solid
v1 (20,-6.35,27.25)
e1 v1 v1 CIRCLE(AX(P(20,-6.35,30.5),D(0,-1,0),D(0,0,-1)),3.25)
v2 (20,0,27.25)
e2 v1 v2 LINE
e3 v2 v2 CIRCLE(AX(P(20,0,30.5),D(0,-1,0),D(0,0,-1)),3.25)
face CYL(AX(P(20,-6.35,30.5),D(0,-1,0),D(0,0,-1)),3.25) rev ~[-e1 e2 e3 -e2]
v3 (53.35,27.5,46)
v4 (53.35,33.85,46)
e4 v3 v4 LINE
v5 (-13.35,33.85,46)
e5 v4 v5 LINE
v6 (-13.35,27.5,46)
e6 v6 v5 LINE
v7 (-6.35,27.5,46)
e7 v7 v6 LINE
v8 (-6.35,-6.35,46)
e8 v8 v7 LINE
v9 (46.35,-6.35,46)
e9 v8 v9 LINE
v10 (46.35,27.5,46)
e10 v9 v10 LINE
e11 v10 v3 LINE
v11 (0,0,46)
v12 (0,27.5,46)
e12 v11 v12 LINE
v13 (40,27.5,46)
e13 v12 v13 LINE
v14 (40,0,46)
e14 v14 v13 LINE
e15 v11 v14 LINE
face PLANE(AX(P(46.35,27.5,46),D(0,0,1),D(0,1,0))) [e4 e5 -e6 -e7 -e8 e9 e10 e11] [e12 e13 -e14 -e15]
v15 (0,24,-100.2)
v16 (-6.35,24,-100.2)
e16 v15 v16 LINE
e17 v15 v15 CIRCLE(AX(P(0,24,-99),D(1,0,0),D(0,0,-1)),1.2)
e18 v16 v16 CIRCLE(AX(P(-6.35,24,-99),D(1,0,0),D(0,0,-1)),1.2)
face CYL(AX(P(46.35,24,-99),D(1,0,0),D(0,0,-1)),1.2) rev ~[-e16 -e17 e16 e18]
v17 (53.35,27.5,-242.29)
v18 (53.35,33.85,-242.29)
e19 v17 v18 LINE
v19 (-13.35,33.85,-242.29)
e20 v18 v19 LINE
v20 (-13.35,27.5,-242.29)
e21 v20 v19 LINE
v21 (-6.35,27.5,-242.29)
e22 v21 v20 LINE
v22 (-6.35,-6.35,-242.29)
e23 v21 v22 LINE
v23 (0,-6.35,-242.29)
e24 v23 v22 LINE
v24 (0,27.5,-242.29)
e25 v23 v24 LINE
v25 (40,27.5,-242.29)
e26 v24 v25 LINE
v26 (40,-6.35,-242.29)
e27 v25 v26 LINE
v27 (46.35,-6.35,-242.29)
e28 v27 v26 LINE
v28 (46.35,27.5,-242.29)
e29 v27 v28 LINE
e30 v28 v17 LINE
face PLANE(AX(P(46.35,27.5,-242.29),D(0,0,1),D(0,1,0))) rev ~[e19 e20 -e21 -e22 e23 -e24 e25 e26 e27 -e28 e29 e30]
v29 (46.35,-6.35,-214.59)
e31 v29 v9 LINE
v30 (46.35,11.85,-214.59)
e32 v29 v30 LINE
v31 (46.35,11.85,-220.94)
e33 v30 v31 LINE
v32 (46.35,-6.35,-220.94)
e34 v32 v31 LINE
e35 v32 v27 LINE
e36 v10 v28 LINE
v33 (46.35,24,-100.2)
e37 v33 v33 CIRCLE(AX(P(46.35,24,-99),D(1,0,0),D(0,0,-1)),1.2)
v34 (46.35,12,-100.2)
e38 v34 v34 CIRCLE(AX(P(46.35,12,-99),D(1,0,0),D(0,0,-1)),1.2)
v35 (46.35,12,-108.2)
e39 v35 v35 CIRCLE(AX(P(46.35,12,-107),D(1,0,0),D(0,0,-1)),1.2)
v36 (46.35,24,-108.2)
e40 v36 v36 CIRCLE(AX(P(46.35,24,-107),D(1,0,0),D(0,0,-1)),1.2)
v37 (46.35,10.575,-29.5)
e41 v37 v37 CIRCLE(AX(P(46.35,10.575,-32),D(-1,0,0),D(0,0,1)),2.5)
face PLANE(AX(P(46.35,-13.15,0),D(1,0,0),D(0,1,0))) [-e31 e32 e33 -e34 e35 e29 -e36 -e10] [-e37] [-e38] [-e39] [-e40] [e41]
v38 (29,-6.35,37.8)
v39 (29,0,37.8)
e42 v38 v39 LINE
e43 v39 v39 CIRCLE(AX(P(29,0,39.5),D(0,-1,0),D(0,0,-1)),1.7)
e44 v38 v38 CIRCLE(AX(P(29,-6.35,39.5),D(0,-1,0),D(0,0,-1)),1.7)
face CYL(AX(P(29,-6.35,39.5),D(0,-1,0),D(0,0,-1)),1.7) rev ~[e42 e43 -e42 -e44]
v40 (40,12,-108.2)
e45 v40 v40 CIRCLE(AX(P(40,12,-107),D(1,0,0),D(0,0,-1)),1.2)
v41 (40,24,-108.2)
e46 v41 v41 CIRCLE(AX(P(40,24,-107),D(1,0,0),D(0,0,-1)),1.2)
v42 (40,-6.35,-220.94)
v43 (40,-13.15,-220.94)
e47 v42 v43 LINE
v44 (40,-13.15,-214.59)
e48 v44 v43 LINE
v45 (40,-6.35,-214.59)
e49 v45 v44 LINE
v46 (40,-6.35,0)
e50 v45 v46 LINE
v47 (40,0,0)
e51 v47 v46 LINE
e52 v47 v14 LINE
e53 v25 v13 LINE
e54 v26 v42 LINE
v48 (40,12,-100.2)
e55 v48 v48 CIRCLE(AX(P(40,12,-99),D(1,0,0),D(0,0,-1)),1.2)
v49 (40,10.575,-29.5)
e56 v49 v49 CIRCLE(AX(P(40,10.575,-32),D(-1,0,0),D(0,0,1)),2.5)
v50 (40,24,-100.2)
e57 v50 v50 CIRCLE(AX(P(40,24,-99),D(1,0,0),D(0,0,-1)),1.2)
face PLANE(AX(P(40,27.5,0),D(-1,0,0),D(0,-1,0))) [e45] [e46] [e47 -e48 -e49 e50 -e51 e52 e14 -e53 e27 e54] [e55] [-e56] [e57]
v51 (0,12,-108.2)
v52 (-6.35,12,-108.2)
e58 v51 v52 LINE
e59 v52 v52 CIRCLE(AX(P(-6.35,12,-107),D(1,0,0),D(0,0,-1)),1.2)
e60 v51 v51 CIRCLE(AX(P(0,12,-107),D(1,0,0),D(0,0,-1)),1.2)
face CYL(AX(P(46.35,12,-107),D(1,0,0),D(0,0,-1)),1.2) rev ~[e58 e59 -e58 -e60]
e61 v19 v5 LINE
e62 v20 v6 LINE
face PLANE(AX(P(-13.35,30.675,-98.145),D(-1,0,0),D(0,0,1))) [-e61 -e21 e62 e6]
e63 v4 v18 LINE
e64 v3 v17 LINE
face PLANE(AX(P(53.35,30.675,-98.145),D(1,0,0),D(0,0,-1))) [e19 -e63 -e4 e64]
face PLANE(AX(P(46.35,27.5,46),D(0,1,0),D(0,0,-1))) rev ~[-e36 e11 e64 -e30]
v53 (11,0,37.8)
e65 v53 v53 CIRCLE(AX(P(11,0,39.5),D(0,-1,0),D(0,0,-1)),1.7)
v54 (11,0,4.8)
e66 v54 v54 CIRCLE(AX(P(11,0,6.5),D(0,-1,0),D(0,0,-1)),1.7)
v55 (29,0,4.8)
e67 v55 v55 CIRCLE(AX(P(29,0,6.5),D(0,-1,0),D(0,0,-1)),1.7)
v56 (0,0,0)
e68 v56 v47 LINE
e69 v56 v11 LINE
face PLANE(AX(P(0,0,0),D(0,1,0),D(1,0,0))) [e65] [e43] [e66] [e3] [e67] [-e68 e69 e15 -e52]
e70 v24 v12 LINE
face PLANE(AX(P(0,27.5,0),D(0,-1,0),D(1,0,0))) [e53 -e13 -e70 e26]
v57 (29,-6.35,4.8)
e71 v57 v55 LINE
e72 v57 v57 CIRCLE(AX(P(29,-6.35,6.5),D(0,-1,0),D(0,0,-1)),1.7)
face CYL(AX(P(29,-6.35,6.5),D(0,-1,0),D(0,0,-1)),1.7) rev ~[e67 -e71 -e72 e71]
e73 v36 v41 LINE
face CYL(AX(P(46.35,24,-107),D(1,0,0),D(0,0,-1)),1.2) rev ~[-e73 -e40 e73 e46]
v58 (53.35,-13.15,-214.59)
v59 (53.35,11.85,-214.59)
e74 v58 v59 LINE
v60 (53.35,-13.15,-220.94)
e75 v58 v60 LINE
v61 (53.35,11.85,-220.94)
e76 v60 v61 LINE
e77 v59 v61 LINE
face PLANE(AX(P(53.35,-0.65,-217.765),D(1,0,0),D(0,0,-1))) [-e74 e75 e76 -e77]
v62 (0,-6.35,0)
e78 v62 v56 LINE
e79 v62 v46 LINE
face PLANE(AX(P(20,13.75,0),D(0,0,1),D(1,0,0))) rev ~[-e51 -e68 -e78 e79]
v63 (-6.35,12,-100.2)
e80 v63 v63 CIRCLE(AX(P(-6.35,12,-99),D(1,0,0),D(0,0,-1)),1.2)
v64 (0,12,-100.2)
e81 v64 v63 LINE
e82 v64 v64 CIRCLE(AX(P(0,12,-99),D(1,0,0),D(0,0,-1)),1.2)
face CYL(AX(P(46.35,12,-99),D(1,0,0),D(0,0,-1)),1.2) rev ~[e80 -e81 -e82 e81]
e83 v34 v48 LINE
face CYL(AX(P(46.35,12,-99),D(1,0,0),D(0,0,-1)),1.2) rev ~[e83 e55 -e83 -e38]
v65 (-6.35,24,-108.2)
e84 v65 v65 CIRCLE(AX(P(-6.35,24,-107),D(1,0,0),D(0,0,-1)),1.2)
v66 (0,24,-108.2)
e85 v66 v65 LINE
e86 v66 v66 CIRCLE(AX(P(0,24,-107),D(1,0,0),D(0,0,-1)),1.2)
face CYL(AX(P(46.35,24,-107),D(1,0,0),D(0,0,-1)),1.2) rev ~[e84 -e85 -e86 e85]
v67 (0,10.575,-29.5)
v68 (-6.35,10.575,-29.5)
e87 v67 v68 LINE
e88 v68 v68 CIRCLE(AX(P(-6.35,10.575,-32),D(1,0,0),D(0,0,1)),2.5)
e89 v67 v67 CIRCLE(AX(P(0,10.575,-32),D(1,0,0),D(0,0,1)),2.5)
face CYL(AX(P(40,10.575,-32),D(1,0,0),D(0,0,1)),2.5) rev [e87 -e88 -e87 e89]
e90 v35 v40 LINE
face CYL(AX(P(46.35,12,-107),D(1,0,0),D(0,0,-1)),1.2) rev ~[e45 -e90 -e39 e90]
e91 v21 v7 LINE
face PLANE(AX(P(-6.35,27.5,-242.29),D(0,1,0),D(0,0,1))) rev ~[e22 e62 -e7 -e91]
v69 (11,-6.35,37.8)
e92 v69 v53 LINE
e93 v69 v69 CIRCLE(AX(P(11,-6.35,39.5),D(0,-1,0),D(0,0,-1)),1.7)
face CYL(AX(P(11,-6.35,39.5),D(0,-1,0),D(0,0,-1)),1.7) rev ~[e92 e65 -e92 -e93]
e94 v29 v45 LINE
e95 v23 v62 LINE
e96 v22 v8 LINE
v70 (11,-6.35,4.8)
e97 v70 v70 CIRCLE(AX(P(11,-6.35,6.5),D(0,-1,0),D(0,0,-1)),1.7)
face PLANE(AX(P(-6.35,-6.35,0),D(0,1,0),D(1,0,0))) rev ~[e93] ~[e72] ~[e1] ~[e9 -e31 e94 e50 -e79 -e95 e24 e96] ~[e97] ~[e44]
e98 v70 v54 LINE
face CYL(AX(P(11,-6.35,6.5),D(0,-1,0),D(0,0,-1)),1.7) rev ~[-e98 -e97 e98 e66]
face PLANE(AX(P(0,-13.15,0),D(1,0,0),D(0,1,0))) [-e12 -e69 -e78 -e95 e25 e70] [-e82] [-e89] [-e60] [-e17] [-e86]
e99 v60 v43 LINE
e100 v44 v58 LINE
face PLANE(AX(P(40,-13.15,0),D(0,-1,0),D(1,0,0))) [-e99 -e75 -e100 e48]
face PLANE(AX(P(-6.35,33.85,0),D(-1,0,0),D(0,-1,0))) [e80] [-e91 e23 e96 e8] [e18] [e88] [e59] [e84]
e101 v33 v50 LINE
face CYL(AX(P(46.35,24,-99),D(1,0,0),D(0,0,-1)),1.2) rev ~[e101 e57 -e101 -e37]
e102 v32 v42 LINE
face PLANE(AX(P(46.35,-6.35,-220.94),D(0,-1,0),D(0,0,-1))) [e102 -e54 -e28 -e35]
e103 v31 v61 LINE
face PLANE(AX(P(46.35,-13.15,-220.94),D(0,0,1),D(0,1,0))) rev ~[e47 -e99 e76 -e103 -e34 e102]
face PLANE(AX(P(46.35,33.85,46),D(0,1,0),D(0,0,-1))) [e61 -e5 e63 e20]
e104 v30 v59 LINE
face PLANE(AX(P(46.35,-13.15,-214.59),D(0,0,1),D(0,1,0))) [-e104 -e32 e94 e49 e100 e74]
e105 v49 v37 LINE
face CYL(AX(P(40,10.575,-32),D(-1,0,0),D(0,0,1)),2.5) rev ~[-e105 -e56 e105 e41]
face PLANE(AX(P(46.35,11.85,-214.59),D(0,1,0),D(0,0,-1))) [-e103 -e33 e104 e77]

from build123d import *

# Parameters (mm, degrees)
SKETCH1_W                      = 52.7
SKETCH1_H                      = 40.2
SKETCH1_W_2                    = 40
SKETCH1_H_2                    = 27.5
BOSS_EXTRUDE1_DEPTH            = 46
SKETCH2_R                      = 1.7
SKETCH2_R_2                    = 3.25
CUT_EXTRUDE1_DEPTH             = 6.35
BOSS_EXTRUDE2_DEPTH            = 242.29
SKETCH4_W                      = 288.29
SKETCH4_H                      = 6.35
BOSS_EXTRUDE3_DEPTH            = 7
SKETCH6_W                      = 288.29
SKETCH6_H                      = 6.35
BOSS_EXTRUDE4_DEPTH            = 7
SKETCH7_W                      = 6.35
SKETCH7_H                      = 25
BOSS_EXTRUDE5_DEPTH            = 7
CUT_EXTRUDE2_REACH             = 297.989
SKETCH9_R                      = 2.5
CUT_EXTRUDE2_DIRECTION_2_REACH = 297.989
CUT_EXTRUDE3_REACH             = 253.822
SKETCH10_R                     = 1.2
SKETCH11_W                     = 21.35
SKETCH11_H                     = 6.8
SKETCH11_W_2                   = 214.59
CUT_EXTRUDE4_DEPTH             = 52.7
SKETCH12_W                     = 6.35
SKETCH12_H                     = 6.35
CUT_EXTRUDE5_DEPTH             = 6.8


with BuildPart() as part:
    # Sketch1 → Boss-Extrude1 (new body)
    with BuildSketch(Plane.XY):
        with Locations((20, 13.75)):
            Rectangle(SKETCH1_W, SKETCH1_H)
        with Locations((20, 13.75)):
            Rectangle(SKETCH1_W_2, SKETCH1_H_2, mode=Mode.SUBTRACT)
    extrude(amount=BOSS_EXTRUDE1_DEPTH)

    # Sketch2 → Cut-Extrude1 (cut)
    with BuildSketch(Plane.XZ.offset(6.35)):
        with Locations(Location((29, 39.5, 0), (0, 0, 270))):
            Circle(SKETCH2_R)
        with Locations(Location((11, 39.5, 0), (0, 0, 270))):
            Circle(SKETCH2_R)
        with Locations(Location((11, 6.5, 0), (0, 0, 270))):
            Circle(SKETCH2_R)
        with Locations(Location((29, 6.5, 0), (0, 0, 270))):
            Circle(SKETCH2_R)
        with Locations(Location((20, 30.5, 0), (0, 0, 270))):
            Circle(SKETCH2_R_2)
    extrude(amount=-CUT_EXTRUDE1_DEPTH, mode=Mode.SUBTRACT)

    # Sketch3 → Boss-Extrude2 (add)
    with BuildSketch(Plane(origin=(0, 0, 0), x_dir=(-1, 0, 0), z_dir=(0, 0, -1))):
        Polygon((6.35, 33.85), (6.35, -13.15), (0, -13.15), (0, 27.5), (-40, 27.5), (-40, -13.15), (-46.35, -13.15), (-46.35, 33.85), align=None)
    extrude(amount=BOSS_EXTRUDE2_DEPTH)

    # Sketch4 → Boss-Extrude3 (add)
    with BuildSketch(Plane.ZY.offset(6.35)):
        with Locations((-98.145, 30.675)):
            Rectangle(SKETCH4_W, SKETCH4_H)
    extrude(amount=BOSS_EXTRUDE3_DEPTH)

    # Sketch6 → Boss-Extrude4 (add)
    with BuildSketch(Plane(origin=(46.35, 0, 0), x_dir=(0, 0, -1), z_dir=(1, 0, 0))):
        with Locations((98.145, 30.675)):
            Rectangle(SKETCH6_W, SKETCH6_H)
    extrude(amount=BOSS_EXTRUDE4_DEPTH)

    # Sketch7 → Boss-Extrude5 (add)
    with BuildSketch(Plane(origin=(46.35, 0, 0), x_dir=(0, 0, -1), z_dir=(1, 0, 0))):
        with Locations((217.765, -0.65)):
            Rectangle(SKETCH7_W, SKETCH7_H)
    extrude(amount=BOSS_EXTRUDE5_DEPTH)

    # Cut-Extrude2: up to this face of the body (flat: up to its plane)
    cut_extrude2_end = Plane(part.part.faces().sort_by_distance((46.35, 7.756141986, -99.825781006))[0])
    # Sketch9 → Cut-Extrude2 (cut, up to the picked face)
    with BuildSketch(Plane(origin=(40, 27.5, -242.29), x_dir=(0, 0, 1), z_dir=(-1, 0, 0)), mode=Mode.PRIVATE) as cut_extrude2_sk1:
        with Locations((210.29, -16.925)):
            Circle(SKETCH9_R)
    cut_extrude2_tool1 = split(extrude(cut_extrude2_sk1.sketch, amount=-CUT_EXTRUDE2_REACH, mode=Mode.PRIVATE), bisect_by=cut_extrude2_end, keep=Keep.BOTH, mode=Mode.PRIVATE)
    add(cut_extrude2_tool1.solids().sort_by(Axis((40, 10.575, -32), (1, 0, 0)))[0], mode=Mode.SUBTRACT)

    # Cut-Extrude2 direction 2: up to this face of the body (flat: up to its plane)
    cut_extrude2_direction_2_end = Plane(part.part.faces().sort_by_distance((-6.35, 7.639146283, -101.467245288))[0])
    # Sketch9 → Cut-Extrude2 direction 2 (cut, up to the picked face)
    with BuildSketch(Plane(origin=(40, 27.5, -242.29), x_dir=(0, 0, 1), z_dir=(-1, 0, 0)), mode=Mode.PRIVATE) as cut_extrude2_direction_2_sk1:
        with Locations((210.29, -16.925)):
            Circle(SKETCH9_R)
    cut_extrude2_direction_2_tool1 = split(extrude(cut_extrude2_direction_2_sk1.sketch, amount=CUT_EXTRUDE2_DIRECTION_2_REACH, mode=Mode.PRIVATE), bisect_by=cut_extrude2_direction_2_end, keep=Keep.BOTH, mode=Mode.PRIVATE)
    add(cut_extrude2_direction_2_tool1.solids().sort_by(Axis((40, 10.575, -32), (-1, 0, 0)))[0], mode=Mode.SUBTRACT)

    # Cut-Extrude3: up to this face of the body (flat: up to its plane)
    cut_extrude3_end = Plane(part.part.faces().sort_by_distance((-6.35, 7.634083702, -101.587034491))[0])
    # Sketch10 → Cut-Extrude3 (cut, up to the picked face)
    with BuildSketch(Plane(origin=(46.35, 0, 0), x_dir=(0, 0, -1), z_dir=(1, 0, 0)), mode=Mode.PRIVATE) as cut_extrude3_sk1:
        with Locations((99, 24)):
            Circle(SKETCH10_R)
    cut_extrude3_tool1 = split(extrude(cut_extrude3_sk1.sketch, amount=-CUT_EXTRUDE3_REACH, mode=Mode.PRIVATE), bisect_by=cut_extrude3_end, keep=Keep.BOTH, mode=Mode.PRIVATE)
    # Sketch10 → Cut-Extrude3 (cut, up to the picked face)
    with BuildSketch(Plane(origin=(46.35, 0, 0), x_dir=(0, 0, -1), z_dir=(1, 0, 0)), mode=Mode.PRIVATE) as cut_extrude3_sk2:
        with Locations((99, 12)):
            Circle(SKETCH10_R)
    cut_extrude3_tool2 = split(extrude(cut_extrude3_sk2.sketch, amount=-CUT_EXTRUDE3_REACH, mode=Mode.PRIVATE), bisect_by=cut_extrude3_end, keep=Keep.BOTH, mode=Mode.PRIVATE)
    # Sketch10 → Cut-Extrude3 (cut, up to the picked face)
    with BuildSketch(Plane(origin=(46.35, 0, 0), x_dir=(0, 0, -1), z_dir=(1, 0, 0)), mode=Mode.PRIVATE) as cut_extrude3_sk3:
        with Locations((107, 12)):
            Circle(SKETCH10_R)
    cut_extrude3_tool3 = split(extrude(cut_extrude3_sk3.sketch, amount=-CUT_EXTRUDE3_REACH, mode=Mode.PRIVATE), bisect_by=cut_extrude3_end, keep=Keep.BOTH, mode=Mode.PRIVATE)
    # Sketch10 → Cut-Extrude3 (cut, up to the picked face)
    with BuildSketch(Plane(origin=(46.35, 0, 0), x_dir=(0, 0, -1), z_dir=(1, 0, 0)), mode=Mode.PRIVATE) as cut_extrude3_sk4:
        with Locations((107, 24)):
            Circle(SKETCH10_R)
    cut_extrude3_tool4 = split(extrude(cut_extrude3_sk4.sketch, amount=-CUT_EXTRUDE3_REACH, mode=Mode.PRIVATE), bisect_by=cut_extrude3_end, keep=Keep.BOTH, mode=Mode.PRIVATE)
    add(cut_extrude3_tool1.solids().sort_by(Axis((46.35, 24, -99), (-1, 0, 0)))[0], mode=Mode.SUBTRACT)
    add(cut_extrude3_tool2.solids().sort_by(Axis((46.35, 12, -99), (-1, 0, 0)))[0], mode=Mode.SUBTRACT)
    add(cut_extrude3_tool3.solids().sort_by(Axis((46.35, 12, -107), (-1, 0, 0)))[0], mode=Mode.SUBTRACT)
    add(cut_extrude3_tool4.solids().sort_by(Axis((46.35, 24, -107), (-1, 0, 0)))[0], mode=Mode.SUBTRACT)

    # Sketch11 → Cut-Extrude4 (cut)
    with BuildSketch(Plane(origin=(46.35, 0, 0), x_dir=(0, 0, -1), z_dir=(1, 0, 0))):
        with Locations((231.615, -9.75)):
            Rectangle(SKETCH11_W, SKETCH11_H)
        with Locations((107.295, -9.75)):
            Rectangle(SKETCH11_W_2, SKETCH11_H)
    extrude(amount=-CUT_EXTRUDE4_DEPTH, mode=Mode.SUBTRACT)

    # Sketch12 → Cut-Extrude5 (cut)
    with BuildSketch(Plane.XZ.offset(13.15)):
        with Locations((-3.175, -217.765)):
            Rectangle(SKETCH12_W, SKETCH12_H)
    extrude(amount=-CUT_EXTRUDE5_DEPTH, mode=Mode.SUBTRACT)


solid = part.part
